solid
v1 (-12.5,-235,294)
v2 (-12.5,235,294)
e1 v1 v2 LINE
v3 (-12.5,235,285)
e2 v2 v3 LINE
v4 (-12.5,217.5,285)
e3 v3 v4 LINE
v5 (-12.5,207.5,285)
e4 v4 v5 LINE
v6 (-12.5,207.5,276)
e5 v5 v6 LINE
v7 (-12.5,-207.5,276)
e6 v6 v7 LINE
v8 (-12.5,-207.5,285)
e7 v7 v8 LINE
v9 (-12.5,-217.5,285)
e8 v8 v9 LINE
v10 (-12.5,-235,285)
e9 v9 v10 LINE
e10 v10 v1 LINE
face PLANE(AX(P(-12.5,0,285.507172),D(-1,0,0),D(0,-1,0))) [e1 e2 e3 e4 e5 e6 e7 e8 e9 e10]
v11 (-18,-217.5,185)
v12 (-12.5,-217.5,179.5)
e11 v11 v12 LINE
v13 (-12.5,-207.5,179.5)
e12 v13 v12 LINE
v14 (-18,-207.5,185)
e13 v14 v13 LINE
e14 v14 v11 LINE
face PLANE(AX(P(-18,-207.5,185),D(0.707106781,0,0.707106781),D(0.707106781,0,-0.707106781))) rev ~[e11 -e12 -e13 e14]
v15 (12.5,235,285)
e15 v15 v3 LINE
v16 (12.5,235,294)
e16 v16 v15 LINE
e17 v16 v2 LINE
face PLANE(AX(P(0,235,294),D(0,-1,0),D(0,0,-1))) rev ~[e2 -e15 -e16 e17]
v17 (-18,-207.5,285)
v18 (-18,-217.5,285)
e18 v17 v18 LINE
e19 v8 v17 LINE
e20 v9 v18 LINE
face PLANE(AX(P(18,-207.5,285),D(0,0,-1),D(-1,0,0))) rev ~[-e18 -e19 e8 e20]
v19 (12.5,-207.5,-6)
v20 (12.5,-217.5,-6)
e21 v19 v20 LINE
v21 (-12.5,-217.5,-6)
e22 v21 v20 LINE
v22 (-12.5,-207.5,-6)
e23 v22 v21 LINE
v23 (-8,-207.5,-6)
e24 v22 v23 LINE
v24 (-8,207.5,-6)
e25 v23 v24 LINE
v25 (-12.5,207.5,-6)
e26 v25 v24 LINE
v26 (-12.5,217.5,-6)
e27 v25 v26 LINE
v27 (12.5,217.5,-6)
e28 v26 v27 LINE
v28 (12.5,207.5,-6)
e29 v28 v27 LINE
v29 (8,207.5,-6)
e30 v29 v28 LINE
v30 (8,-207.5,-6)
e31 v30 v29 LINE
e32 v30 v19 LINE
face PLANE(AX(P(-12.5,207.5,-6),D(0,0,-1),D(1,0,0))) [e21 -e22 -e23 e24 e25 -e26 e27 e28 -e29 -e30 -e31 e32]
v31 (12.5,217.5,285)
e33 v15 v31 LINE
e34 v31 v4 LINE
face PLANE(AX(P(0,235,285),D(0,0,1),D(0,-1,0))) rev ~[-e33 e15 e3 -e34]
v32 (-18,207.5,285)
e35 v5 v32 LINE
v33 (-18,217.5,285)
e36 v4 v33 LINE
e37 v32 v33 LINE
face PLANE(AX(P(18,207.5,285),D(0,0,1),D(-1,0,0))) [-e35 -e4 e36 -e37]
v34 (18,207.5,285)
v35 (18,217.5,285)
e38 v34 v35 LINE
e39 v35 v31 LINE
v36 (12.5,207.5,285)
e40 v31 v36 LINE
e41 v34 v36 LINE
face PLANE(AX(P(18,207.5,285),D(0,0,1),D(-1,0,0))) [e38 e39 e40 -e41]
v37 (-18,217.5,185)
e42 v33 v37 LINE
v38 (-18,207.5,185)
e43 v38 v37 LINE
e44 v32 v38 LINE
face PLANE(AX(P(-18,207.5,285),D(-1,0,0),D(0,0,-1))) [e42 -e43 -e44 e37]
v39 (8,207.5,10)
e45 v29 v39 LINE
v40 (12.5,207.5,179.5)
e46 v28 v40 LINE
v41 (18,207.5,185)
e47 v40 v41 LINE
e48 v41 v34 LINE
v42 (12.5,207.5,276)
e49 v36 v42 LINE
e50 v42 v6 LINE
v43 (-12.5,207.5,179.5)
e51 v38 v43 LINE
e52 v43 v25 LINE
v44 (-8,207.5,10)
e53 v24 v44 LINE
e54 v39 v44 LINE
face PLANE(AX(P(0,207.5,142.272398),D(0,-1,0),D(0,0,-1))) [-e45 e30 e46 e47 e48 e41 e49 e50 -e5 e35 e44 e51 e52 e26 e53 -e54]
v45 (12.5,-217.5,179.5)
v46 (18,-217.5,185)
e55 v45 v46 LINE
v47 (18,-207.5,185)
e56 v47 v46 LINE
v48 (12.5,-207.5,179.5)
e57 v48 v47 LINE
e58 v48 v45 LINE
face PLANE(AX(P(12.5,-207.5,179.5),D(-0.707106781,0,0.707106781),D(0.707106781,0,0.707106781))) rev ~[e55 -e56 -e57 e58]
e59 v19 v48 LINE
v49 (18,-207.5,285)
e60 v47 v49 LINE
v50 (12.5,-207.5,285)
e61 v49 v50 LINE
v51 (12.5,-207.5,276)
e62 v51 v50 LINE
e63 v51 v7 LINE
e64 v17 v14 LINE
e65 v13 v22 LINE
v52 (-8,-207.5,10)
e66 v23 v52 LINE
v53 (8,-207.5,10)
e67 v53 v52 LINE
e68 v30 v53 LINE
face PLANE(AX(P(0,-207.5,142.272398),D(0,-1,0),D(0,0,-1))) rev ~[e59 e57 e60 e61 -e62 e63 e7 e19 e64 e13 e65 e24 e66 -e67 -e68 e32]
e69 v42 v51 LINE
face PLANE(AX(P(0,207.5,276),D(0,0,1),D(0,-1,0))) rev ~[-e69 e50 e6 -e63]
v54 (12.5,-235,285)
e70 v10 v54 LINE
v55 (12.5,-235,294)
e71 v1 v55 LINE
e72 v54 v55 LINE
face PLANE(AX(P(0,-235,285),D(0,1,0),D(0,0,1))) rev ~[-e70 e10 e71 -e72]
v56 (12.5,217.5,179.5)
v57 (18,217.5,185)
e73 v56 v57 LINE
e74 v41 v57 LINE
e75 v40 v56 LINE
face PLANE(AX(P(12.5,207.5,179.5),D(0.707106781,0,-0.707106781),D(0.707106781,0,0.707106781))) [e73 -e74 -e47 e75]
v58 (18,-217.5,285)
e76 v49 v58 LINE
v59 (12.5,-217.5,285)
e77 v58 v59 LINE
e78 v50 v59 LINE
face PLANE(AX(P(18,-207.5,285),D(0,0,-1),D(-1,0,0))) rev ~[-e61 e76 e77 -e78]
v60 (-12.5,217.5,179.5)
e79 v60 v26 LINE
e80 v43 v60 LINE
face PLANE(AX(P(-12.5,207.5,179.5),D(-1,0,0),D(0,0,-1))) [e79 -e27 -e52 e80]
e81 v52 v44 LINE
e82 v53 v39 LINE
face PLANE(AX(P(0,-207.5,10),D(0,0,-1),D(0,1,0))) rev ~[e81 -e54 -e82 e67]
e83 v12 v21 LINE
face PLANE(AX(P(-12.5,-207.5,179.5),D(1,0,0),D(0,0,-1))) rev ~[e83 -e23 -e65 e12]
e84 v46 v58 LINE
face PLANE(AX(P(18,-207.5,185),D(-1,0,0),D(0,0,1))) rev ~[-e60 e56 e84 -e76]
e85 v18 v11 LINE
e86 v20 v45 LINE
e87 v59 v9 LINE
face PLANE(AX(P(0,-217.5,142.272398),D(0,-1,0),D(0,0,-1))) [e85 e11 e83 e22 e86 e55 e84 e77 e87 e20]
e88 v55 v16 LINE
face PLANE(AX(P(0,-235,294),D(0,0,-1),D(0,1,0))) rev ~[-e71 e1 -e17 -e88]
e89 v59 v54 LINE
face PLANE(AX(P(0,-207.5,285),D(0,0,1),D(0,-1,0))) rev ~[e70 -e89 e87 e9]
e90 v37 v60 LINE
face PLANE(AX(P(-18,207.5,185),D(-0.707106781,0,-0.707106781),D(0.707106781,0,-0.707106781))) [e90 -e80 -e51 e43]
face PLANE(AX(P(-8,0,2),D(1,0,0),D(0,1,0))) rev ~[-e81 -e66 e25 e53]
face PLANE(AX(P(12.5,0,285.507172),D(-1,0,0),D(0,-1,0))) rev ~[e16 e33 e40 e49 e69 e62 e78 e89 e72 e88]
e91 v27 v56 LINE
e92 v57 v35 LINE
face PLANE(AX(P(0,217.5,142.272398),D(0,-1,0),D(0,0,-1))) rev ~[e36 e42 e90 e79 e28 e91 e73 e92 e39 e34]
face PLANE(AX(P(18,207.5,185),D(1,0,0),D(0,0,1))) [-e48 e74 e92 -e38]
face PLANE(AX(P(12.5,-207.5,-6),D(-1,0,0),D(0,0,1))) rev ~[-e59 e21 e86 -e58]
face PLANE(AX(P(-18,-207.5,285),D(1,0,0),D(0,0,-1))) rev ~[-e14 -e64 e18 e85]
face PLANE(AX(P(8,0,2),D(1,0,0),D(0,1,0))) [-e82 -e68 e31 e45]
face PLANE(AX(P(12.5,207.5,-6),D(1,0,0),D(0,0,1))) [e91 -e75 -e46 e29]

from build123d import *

# Parameters (mm, degrees)
PAD005_DEPTH = 12.5
PAD006_DEPTH = 10
PAD007_DEPTH = 10
SKETCH012_W  = 415
SKETCH012_H  = 16
PAD008_DEPTH = 8


with BuildPart() as part:
    # Sketch008 → Pad005 (new body, symmetric)
    with BuildSketch(Plane.YZ):
        Polygon((-235, 294), (235, 294), (235, 285), (207.5, 285), (207.5, 276), (-207.5, 276), (-207.5, 285), (-235, 285), align=None)
    extrude(amount=PAD005_DEPTH, both=True)

    # Sketch010 (on Face6 of Pad005) → Pad006 (join)
    with BuildSketch(Plane(origin=(0, -207.5, 0), x_dir=(0, 0, -1), z_dir=(0, -1, 0))):
        Polygon((-285, 18), (-285, -18), (-185, -18), (-179.5, -12.5), (6, -12.5), (6, 12.5), (-179.5, 12.5), (-185, 18), align=None)
    extrude(amount=PAD006_DEPTH)

    # Sketch011 (on Face8 of Pad006) → Pad007 (join)
    with BuildSketch(Plane.ZX.offset(207.5)):
        Polygon((-6, 12.5), (179.5, 12.5), (185, 18), (285, 18), (285, -18), (185, -18), (179.5, -12.5), (-6, -12.5), align=None)
    extrude(amount=PAD007_DEPTH)

    # Sketch012 → Pad008 (join, symmetric)
    with BuildSketch(Plane.YZ):
        with Locations((0, 2)):
            Rectangle(SKETCH012_W, SKETCH012_H)
    extrude(amount=PAD008_DEPTH, both=True)


solid = part.part
